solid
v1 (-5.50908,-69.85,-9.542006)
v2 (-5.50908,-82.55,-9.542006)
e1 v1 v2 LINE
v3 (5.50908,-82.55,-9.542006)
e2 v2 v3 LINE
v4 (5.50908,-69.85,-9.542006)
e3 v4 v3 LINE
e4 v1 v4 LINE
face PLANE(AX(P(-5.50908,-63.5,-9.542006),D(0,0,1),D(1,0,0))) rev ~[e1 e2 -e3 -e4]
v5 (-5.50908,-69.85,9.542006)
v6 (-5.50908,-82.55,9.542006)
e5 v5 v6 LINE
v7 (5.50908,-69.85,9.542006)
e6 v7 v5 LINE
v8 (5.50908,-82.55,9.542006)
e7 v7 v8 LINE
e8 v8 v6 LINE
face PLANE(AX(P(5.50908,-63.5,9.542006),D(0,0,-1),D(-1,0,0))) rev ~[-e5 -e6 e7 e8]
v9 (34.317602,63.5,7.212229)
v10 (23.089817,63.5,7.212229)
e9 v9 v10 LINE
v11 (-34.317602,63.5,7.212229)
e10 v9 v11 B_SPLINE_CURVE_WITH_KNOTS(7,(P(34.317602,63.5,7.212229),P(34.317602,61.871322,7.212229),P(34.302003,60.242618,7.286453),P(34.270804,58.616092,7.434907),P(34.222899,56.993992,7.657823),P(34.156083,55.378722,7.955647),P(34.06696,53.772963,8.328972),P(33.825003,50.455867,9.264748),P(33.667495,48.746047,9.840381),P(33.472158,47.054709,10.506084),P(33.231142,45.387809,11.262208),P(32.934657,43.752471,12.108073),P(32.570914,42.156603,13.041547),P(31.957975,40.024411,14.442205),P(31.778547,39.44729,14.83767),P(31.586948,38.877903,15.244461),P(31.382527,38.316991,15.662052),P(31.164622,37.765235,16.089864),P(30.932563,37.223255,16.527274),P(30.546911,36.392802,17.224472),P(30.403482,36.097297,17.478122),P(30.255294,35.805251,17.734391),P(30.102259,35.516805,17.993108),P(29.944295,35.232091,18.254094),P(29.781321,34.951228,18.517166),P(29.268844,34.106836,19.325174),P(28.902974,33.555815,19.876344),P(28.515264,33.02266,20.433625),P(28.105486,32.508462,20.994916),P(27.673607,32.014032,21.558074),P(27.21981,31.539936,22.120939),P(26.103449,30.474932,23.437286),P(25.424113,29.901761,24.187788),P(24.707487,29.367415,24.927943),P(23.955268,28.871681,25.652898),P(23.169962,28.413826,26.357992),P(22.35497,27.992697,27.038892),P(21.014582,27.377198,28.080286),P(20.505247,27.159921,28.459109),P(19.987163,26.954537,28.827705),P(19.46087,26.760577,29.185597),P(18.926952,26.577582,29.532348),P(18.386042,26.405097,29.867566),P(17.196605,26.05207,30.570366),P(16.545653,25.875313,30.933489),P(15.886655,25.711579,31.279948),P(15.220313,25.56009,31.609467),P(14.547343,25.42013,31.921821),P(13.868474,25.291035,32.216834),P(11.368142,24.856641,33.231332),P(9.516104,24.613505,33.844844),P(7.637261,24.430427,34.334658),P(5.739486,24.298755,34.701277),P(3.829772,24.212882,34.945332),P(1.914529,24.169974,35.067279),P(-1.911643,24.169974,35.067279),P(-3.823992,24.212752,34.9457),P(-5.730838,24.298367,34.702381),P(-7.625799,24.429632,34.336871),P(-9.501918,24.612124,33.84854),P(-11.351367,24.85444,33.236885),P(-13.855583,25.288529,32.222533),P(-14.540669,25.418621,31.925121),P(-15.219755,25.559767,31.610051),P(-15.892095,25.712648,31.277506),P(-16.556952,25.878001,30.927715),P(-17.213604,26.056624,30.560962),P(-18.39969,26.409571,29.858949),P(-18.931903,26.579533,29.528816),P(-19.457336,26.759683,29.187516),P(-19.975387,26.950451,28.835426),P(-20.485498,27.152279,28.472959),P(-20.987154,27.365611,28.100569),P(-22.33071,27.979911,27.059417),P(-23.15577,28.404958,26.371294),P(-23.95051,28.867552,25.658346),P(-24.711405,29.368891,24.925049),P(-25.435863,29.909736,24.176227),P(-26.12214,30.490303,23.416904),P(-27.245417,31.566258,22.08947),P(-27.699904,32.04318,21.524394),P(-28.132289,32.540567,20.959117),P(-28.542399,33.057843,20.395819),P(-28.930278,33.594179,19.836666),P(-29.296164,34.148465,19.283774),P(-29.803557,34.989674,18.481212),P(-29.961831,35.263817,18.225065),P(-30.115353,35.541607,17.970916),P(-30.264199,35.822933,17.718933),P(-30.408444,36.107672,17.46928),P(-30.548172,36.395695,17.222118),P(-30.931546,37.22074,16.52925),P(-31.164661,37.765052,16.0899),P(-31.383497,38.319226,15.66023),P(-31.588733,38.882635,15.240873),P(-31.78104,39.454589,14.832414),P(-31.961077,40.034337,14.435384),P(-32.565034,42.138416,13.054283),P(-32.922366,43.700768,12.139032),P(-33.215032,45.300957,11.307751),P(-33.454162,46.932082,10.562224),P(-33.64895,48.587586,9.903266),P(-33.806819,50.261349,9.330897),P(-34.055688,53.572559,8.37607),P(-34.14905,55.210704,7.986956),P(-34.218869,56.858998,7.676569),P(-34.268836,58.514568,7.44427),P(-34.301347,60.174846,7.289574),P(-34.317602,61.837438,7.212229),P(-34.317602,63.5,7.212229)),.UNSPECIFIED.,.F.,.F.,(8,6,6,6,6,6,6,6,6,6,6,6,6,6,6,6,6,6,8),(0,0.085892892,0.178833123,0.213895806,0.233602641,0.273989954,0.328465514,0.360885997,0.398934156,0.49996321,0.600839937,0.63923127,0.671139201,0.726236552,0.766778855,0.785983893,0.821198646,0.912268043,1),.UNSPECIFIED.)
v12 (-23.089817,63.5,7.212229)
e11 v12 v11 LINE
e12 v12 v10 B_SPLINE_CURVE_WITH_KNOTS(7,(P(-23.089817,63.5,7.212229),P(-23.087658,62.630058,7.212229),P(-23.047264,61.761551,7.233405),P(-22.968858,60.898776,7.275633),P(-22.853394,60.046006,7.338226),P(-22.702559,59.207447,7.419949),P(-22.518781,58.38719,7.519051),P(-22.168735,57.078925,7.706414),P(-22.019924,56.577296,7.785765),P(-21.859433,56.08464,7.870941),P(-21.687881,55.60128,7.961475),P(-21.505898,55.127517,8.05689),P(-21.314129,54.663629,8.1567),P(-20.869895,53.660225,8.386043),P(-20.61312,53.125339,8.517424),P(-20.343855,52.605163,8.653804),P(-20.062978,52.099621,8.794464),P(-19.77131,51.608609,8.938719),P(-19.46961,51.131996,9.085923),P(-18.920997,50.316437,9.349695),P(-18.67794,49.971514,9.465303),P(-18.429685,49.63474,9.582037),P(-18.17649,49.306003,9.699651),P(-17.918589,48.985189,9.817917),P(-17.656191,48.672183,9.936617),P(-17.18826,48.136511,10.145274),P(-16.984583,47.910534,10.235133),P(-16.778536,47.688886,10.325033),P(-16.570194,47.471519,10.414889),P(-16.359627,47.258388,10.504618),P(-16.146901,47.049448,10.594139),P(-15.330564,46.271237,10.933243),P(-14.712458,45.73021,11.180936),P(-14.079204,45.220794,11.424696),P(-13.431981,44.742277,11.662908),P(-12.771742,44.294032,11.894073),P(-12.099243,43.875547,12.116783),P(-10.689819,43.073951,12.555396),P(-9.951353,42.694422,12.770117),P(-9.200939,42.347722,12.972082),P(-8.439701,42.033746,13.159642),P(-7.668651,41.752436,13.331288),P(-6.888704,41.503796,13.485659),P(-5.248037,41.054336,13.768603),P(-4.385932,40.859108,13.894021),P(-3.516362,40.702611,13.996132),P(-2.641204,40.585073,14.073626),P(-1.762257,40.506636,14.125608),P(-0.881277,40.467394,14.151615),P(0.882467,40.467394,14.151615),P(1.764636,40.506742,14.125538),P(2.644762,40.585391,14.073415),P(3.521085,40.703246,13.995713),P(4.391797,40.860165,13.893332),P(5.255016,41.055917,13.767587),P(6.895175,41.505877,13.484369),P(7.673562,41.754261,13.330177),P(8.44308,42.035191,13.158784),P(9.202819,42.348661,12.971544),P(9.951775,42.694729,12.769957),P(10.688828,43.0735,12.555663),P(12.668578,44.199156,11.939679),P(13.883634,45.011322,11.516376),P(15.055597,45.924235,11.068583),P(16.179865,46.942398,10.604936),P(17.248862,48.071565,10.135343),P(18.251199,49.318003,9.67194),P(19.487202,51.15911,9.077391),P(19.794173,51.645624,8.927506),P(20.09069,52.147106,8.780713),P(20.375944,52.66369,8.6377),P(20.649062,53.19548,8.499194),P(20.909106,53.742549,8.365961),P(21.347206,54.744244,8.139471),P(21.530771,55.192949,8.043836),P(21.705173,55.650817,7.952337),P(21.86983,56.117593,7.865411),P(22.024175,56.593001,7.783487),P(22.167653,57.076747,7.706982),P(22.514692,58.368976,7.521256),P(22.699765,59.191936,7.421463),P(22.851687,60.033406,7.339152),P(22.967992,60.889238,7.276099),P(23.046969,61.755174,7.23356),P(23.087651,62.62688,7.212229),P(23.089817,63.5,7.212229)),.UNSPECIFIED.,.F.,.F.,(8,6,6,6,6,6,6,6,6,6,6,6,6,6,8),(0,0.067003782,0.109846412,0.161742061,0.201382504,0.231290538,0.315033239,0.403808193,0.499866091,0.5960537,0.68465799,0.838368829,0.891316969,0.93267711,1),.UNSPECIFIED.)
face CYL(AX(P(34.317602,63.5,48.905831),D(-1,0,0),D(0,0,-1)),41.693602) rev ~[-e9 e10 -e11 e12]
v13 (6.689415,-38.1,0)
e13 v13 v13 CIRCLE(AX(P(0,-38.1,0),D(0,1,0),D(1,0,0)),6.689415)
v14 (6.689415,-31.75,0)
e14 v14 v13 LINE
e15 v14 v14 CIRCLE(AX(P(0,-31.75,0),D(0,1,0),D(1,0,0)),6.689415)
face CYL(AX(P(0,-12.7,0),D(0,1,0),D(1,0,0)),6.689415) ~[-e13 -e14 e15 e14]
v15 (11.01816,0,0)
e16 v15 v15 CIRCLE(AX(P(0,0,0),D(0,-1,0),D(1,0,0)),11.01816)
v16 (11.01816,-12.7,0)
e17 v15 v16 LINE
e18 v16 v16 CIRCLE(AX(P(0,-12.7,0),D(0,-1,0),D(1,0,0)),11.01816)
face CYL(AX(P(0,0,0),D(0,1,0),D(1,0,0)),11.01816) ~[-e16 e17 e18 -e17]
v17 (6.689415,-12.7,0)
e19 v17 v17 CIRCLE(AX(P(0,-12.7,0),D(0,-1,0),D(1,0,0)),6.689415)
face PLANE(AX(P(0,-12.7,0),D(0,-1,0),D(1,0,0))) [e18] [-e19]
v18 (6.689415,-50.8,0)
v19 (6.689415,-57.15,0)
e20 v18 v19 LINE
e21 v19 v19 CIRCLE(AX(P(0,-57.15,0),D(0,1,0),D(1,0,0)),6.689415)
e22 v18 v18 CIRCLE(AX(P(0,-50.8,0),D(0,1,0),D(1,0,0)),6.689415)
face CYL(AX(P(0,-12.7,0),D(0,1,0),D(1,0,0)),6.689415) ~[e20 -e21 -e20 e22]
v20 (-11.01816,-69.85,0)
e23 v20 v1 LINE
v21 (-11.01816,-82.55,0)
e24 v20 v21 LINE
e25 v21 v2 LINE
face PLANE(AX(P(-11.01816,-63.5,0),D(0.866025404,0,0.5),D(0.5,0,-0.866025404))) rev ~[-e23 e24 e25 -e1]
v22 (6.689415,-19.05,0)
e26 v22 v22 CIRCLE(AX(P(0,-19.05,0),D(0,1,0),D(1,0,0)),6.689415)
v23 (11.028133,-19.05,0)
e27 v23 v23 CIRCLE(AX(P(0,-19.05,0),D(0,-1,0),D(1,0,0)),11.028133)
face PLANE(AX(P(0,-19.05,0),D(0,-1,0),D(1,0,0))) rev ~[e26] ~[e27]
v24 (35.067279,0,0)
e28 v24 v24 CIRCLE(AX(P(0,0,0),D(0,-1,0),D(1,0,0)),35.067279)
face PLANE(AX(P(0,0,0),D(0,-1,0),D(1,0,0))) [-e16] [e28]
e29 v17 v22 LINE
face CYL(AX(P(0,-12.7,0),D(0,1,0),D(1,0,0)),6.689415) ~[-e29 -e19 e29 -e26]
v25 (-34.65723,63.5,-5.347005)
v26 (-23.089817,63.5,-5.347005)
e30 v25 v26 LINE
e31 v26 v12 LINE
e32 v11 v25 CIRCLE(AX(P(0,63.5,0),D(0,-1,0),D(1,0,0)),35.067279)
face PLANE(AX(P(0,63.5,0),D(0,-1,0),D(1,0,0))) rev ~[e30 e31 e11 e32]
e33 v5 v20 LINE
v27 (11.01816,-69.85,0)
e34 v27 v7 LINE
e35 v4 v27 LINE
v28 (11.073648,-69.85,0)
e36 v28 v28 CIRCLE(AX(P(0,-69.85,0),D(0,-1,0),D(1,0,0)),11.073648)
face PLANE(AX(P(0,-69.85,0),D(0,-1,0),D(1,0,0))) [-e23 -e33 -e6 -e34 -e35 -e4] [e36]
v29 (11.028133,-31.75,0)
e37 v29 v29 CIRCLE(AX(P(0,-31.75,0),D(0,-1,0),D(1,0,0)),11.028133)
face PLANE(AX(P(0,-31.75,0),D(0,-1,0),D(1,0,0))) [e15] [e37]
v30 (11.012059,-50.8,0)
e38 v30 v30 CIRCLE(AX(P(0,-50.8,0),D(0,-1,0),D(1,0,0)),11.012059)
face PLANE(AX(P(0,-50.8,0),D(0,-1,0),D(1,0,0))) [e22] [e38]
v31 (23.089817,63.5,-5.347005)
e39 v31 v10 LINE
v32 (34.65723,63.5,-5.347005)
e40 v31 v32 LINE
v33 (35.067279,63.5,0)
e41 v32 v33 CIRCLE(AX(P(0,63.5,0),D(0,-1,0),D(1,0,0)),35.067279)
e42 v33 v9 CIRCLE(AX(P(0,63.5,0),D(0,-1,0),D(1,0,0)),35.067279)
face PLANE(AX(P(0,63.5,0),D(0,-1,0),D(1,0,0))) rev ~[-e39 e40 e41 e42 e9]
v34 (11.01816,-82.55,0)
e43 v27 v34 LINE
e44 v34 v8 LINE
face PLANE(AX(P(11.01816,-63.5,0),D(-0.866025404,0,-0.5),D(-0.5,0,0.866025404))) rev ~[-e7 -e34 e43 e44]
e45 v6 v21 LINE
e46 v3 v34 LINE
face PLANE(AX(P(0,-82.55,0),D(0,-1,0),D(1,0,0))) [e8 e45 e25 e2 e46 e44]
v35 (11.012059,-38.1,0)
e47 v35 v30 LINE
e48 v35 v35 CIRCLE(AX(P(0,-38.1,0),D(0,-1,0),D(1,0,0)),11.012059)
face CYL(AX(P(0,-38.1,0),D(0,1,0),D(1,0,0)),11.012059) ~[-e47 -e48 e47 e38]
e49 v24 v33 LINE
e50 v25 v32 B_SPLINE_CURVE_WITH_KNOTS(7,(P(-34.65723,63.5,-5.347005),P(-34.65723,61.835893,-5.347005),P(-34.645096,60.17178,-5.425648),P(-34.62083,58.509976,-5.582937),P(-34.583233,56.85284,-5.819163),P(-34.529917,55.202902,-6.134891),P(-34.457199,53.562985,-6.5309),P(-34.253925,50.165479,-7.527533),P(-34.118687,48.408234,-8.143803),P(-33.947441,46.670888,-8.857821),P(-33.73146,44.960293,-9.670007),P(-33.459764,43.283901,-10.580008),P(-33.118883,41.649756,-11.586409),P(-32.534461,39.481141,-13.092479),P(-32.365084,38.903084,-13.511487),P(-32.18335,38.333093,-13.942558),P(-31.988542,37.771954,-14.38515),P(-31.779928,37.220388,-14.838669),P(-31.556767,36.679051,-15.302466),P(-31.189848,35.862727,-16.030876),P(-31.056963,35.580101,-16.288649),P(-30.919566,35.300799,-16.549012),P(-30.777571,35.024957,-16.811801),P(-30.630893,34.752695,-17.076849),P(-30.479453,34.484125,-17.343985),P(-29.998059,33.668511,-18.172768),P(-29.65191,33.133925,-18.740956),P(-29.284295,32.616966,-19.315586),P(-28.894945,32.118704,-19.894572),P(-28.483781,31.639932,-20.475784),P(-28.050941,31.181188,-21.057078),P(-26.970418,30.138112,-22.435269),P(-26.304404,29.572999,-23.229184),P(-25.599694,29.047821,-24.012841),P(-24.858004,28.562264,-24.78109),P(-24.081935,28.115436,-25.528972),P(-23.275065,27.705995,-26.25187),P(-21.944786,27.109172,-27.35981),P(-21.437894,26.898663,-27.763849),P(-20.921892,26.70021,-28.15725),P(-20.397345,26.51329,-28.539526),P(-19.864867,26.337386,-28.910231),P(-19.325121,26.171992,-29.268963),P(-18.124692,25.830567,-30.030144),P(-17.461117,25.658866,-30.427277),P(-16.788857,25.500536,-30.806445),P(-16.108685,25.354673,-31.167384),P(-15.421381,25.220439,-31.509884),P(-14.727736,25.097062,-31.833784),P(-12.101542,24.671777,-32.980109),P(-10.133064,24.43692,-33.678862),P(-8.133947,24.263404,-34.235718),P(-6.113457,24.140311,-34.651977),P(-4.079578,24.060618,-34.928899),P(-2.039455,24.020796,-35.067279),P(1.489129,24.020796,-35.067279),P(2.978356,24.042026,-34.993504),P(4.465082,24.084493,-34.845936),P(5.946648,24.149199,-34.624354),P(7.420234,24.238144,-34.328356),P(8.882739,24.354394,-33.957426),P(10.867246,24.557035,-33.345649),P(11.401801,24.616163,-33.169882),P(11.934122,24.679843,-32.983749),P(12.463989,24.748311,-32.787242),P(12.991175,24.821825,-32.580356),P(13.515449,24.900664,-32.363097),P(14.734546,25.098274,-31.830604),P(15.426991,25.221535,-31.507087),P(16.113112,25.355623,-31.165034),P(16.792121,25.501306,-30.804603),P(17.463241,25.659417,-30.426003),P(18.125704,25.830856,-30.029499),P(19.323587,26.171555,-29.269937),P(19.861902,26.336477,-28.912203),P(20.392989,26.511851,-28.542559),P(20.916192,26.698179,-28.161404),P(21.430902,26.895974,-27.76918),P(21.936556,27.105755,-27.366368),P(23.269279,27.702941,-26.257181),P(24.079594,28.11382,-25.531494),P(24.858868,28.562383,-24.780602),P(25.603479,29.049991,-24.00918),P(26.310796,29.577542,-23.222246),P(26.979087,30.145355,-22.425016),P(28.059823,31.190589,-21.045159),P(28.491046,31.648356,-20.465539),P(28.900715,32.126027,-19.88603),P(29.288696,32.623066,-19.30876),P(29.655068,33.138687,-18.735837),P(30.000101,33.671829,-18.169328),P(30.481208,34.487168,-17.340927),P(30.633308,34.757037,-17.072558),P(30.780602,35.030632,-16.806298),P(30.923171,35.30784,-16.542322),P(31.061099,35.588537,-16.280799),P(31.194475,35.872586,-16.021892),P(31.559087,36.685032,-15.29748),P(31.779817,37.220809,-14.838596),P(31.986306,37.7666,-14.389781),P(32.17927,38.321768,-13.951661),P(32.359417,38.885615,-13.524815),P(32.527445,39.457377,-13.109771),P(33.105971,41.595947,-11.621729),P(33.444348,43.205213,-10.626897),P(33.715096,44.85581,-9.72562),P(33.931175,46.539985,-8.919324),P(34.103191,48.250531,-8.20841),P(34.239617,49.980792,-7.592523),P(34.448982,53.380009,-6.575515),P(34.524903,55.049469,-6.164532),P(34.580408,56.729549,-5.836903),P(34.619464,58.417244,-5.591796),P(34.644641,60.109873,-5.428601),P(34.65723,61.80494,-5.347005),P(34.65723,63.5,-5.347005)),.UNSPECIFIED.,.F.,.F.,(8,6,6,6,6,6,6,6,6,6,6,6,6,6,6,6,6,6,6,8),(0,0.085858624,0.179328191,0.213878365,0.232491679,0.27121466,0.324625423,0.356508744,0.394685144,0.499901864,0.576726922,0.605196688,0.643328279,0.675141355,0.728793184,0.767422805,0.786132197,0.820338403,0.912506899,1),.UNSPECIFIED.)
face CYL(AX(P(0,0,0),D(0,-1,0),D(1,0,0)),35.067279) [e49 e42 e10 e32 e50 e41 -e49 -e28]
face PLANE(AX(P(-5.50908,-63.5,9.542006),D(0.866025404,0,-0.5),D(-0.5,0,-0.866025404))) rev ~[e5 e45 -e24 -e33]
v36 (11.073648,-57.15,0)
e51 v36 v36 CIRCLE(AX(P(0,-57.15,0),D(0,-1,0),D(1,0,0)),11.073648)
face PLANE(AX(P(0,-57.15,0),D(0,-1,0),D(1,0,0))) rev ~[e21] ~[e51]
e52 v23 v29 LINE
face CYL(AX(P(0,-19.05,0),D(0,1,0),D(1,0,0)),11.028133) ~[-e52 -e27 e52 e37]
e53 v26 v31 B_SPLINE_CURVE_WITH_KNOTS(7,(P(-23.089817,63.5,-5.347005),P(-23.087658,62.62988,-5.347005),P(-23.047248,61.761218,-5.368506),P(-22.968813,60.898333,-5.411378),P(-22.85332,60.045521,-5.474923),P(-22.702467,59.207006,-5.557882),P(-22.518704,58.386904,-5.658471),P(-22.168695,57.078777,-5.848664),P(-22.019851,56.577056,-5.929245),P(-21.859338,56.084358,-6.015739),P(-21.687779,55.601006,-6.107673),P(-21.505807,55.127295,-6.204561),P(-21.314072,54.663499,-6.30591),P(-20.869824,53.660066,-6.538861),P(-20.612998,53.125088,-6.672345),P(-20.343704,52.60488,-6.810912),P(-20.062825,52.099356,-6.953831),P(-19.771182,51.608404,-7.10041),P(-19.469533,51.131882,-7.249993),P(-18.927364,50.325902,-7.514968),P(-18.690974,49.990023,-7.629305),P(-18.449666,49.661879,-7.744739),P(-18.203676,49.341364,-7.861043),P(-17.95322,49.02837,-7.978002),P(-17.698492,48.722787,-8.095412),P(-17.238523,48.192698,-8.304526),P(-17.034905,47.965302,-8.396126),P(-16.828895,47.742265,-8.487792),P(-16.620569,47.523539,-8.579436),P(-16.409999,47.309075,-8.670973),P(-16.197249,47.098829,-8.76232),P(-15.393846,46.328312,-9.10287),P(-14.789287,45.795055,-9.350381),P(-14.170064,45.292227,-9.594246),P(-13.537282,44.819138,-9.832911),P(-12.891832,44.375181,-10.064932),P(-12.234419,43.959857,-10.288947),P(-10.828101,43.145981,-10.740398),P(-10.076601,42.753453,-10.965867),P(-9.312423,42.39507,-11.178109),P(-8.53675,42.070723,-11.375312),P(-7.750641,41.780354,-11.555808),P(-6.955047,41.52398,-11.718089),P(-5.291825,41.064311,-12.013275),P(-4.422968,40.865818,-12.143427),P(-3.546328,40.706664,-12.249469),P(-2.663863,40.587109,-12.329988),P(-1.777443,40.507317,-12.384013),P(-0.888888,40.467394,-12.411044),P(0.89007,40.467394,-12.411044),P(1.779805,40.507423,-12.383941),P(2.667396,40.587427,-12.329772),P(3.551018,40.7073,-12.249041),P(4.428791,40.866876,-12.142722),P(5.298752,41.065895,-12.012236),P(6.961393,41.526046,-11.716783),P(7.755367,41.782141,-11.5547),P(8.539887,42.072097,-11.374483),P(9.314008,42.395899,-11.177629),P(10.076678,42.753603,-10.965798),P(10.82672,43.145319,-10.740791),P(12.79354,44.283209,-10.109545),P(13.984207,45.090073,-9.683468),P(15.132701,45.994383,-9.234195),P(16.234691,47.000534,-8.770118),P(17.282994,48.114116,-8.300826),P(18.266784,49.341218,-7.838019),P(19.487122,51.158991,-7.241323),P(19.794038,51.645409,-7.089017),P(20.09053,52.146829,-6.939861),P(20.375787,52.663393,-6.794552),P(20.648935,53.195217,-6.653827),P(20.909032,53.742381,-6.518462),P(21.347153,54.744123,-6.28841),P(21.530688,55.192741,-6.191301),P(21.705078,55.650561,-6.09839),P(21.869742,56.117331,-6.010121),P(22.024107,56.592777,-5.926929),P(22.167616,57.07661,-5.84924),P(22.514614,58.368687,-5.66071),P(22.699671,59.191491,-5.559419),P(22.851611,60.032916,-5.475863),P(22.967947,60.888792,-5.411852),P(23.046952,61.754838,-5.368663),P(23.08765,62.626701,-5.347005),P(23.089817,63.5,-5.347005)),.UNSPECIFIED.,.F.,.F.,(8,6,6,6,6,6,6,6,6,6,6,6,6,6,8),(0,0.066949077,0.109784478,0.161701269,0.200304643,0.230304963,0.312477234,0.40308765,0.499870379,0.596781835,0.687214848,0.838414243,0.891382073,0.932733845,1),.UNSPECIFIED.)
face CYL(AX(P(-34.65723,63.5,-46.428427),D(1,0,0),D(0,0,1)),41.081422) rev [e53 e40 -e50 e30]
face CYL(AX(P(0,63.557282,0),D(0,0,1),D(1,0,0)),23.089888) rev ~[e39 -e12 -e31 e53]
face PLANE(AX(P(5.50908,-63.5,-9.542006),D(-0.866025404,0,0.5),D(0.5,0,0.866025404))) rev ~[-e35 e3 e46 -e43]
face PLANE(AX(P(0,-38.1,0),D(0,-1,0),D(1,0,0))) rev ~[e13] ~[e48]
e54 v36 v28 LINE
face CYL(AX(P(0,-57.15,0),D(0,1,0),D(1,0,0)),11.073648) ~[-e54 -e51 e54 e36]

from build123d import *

# Parameters (mm, degrees)
F0_R      = 35.0672788862
F1_DEPTH  = 63.5
F2_R      = 11.0181598278
F3_DEPTH  = 12.7
F4_R      = 6.6894153835
F5_DEPTH  = 69.85
F7_START  = 50.8
F7_DEPTH  = 19.05
F9_START  = 6.35
F8_R      = 11.0281331537
F9_DEPTH  = 12.7
F11_START = 6.35
F10_R     = 11.0120586673
F11_DEPTH = 12.7
F13_START = 6.35
F12_R     = 11.0736476733
F13_DEPTH = 12.7
F18_R     = 23.0898876608
F19_DEPTH = 63.5


with BuildPart() as f1:
    # F0 (on Front) → F1 (new body)
    with BuildSketch(Plane.XZ):
        Circle(F0_R)
    extrude(amount=-F1_DEPTH)

    # F2 (on face) → F3 (join)
    with BuildSketch(Plane.XZ):
        Circle(F2_R)
    extrude(amount=F3_DEPTH)

    # F4 (on face) → F5 (join)
    with BuildSketch(Plane.XZ.offset(12.7)):
        Circle(F4_R)
    extrude(amount=F5_DEPTH)

    # F6 (on face) → F7 (join)
    with BuildSketch(Plane.XZ.offset(12.7).offset(F7_START)):
        Polygon((-5.5090799139, -9.5420063138), (5.5090799139, -9.5420063138), (11.0181598278, 0), (5.5090799139, 9.5420063138), (-5.5090799139, 9.5420063138), (-11.0181598278, 0), align=None)
    extrude(amount=F7_DEPTH)

    # F8 (on face) → F9 (join)
    with BuildSketch(Plane.XZ.offset(12.7).offset(F9_START)):
        Circle(F8_R)
    extrude(amount=F9_DEPTH)

    # F10 (on face) → F11 (join)
    with BuildSketch(Plane.XZ.offset(31.75).offset(F11_START)):
        Circle(F10_R)
    extrude(amount=F11_DEPTH)

    # F12 (on face) → F13 (join)
    with BuildSketch(Plane.XZ.offset(50.8).offset(F13_START)):
        Circle(F12_R)
    extrude(amount=F13_DEPTH)

    # F14 (on face) → F15 (revolve, cut)
    with BuildSketch(Plane(origin=(0, 63.5, 0), x_dir=(-1, 0, 0), z_dir=(0, 1, 0))):
        with BuildLine():
            ThreePointArc((-34.6572299507, -5.3470048278), (0, -35.0672788862), (34.6572299507, -5.3470048278))
            Line((34.6572299507, -5.3470048278), (18.4994737599, -5.3470048278))
            Line((18.4994737599, -5.3470048278), (-18.4994737599, -5.3470048278))
            Line((-18.4994737599, -5.3470048278), (-34.6572299507, -5.3470048278))
        make_face()
    revolve(axis=Axis((-2.320465399, 63.5, -46.4284271002), (-1, 0, 0)), mode=Mode.SUBTRACT)

    # F16 (on face) → F17 (revolve, cut)
    with BuildSketch(Plane(origin=(0, 63.5, 0), x_dir=(-1, 0, 0), z_dir=(0, 1, 0))):
        with BuildLine():
            ThreePointArc((34.3176019657, 7.2122287682), (0, 40.5588116187), (-34.3176019657, 7.2122287682))
            Line((-34.3176019657, 7.2122287682), (34.3176019657, 7.2122287682))
        make_face()
    revolve(axis=Axis((-9.9174939096, 63.5, 48.9058308303), (-1, 0, 0)), mode=Mode.SUBTRACT)

    # F18 (on Top) → F19 (cut, symmetric)
    with BuildSketch(Plane.XY):
        with Locations((0, 63.5572820902)):
            Circle(F18_R)
    extrude(amount=F19_DEPTH, both=True, mode=Mode.SUBTRACT)


solid = f1.part
